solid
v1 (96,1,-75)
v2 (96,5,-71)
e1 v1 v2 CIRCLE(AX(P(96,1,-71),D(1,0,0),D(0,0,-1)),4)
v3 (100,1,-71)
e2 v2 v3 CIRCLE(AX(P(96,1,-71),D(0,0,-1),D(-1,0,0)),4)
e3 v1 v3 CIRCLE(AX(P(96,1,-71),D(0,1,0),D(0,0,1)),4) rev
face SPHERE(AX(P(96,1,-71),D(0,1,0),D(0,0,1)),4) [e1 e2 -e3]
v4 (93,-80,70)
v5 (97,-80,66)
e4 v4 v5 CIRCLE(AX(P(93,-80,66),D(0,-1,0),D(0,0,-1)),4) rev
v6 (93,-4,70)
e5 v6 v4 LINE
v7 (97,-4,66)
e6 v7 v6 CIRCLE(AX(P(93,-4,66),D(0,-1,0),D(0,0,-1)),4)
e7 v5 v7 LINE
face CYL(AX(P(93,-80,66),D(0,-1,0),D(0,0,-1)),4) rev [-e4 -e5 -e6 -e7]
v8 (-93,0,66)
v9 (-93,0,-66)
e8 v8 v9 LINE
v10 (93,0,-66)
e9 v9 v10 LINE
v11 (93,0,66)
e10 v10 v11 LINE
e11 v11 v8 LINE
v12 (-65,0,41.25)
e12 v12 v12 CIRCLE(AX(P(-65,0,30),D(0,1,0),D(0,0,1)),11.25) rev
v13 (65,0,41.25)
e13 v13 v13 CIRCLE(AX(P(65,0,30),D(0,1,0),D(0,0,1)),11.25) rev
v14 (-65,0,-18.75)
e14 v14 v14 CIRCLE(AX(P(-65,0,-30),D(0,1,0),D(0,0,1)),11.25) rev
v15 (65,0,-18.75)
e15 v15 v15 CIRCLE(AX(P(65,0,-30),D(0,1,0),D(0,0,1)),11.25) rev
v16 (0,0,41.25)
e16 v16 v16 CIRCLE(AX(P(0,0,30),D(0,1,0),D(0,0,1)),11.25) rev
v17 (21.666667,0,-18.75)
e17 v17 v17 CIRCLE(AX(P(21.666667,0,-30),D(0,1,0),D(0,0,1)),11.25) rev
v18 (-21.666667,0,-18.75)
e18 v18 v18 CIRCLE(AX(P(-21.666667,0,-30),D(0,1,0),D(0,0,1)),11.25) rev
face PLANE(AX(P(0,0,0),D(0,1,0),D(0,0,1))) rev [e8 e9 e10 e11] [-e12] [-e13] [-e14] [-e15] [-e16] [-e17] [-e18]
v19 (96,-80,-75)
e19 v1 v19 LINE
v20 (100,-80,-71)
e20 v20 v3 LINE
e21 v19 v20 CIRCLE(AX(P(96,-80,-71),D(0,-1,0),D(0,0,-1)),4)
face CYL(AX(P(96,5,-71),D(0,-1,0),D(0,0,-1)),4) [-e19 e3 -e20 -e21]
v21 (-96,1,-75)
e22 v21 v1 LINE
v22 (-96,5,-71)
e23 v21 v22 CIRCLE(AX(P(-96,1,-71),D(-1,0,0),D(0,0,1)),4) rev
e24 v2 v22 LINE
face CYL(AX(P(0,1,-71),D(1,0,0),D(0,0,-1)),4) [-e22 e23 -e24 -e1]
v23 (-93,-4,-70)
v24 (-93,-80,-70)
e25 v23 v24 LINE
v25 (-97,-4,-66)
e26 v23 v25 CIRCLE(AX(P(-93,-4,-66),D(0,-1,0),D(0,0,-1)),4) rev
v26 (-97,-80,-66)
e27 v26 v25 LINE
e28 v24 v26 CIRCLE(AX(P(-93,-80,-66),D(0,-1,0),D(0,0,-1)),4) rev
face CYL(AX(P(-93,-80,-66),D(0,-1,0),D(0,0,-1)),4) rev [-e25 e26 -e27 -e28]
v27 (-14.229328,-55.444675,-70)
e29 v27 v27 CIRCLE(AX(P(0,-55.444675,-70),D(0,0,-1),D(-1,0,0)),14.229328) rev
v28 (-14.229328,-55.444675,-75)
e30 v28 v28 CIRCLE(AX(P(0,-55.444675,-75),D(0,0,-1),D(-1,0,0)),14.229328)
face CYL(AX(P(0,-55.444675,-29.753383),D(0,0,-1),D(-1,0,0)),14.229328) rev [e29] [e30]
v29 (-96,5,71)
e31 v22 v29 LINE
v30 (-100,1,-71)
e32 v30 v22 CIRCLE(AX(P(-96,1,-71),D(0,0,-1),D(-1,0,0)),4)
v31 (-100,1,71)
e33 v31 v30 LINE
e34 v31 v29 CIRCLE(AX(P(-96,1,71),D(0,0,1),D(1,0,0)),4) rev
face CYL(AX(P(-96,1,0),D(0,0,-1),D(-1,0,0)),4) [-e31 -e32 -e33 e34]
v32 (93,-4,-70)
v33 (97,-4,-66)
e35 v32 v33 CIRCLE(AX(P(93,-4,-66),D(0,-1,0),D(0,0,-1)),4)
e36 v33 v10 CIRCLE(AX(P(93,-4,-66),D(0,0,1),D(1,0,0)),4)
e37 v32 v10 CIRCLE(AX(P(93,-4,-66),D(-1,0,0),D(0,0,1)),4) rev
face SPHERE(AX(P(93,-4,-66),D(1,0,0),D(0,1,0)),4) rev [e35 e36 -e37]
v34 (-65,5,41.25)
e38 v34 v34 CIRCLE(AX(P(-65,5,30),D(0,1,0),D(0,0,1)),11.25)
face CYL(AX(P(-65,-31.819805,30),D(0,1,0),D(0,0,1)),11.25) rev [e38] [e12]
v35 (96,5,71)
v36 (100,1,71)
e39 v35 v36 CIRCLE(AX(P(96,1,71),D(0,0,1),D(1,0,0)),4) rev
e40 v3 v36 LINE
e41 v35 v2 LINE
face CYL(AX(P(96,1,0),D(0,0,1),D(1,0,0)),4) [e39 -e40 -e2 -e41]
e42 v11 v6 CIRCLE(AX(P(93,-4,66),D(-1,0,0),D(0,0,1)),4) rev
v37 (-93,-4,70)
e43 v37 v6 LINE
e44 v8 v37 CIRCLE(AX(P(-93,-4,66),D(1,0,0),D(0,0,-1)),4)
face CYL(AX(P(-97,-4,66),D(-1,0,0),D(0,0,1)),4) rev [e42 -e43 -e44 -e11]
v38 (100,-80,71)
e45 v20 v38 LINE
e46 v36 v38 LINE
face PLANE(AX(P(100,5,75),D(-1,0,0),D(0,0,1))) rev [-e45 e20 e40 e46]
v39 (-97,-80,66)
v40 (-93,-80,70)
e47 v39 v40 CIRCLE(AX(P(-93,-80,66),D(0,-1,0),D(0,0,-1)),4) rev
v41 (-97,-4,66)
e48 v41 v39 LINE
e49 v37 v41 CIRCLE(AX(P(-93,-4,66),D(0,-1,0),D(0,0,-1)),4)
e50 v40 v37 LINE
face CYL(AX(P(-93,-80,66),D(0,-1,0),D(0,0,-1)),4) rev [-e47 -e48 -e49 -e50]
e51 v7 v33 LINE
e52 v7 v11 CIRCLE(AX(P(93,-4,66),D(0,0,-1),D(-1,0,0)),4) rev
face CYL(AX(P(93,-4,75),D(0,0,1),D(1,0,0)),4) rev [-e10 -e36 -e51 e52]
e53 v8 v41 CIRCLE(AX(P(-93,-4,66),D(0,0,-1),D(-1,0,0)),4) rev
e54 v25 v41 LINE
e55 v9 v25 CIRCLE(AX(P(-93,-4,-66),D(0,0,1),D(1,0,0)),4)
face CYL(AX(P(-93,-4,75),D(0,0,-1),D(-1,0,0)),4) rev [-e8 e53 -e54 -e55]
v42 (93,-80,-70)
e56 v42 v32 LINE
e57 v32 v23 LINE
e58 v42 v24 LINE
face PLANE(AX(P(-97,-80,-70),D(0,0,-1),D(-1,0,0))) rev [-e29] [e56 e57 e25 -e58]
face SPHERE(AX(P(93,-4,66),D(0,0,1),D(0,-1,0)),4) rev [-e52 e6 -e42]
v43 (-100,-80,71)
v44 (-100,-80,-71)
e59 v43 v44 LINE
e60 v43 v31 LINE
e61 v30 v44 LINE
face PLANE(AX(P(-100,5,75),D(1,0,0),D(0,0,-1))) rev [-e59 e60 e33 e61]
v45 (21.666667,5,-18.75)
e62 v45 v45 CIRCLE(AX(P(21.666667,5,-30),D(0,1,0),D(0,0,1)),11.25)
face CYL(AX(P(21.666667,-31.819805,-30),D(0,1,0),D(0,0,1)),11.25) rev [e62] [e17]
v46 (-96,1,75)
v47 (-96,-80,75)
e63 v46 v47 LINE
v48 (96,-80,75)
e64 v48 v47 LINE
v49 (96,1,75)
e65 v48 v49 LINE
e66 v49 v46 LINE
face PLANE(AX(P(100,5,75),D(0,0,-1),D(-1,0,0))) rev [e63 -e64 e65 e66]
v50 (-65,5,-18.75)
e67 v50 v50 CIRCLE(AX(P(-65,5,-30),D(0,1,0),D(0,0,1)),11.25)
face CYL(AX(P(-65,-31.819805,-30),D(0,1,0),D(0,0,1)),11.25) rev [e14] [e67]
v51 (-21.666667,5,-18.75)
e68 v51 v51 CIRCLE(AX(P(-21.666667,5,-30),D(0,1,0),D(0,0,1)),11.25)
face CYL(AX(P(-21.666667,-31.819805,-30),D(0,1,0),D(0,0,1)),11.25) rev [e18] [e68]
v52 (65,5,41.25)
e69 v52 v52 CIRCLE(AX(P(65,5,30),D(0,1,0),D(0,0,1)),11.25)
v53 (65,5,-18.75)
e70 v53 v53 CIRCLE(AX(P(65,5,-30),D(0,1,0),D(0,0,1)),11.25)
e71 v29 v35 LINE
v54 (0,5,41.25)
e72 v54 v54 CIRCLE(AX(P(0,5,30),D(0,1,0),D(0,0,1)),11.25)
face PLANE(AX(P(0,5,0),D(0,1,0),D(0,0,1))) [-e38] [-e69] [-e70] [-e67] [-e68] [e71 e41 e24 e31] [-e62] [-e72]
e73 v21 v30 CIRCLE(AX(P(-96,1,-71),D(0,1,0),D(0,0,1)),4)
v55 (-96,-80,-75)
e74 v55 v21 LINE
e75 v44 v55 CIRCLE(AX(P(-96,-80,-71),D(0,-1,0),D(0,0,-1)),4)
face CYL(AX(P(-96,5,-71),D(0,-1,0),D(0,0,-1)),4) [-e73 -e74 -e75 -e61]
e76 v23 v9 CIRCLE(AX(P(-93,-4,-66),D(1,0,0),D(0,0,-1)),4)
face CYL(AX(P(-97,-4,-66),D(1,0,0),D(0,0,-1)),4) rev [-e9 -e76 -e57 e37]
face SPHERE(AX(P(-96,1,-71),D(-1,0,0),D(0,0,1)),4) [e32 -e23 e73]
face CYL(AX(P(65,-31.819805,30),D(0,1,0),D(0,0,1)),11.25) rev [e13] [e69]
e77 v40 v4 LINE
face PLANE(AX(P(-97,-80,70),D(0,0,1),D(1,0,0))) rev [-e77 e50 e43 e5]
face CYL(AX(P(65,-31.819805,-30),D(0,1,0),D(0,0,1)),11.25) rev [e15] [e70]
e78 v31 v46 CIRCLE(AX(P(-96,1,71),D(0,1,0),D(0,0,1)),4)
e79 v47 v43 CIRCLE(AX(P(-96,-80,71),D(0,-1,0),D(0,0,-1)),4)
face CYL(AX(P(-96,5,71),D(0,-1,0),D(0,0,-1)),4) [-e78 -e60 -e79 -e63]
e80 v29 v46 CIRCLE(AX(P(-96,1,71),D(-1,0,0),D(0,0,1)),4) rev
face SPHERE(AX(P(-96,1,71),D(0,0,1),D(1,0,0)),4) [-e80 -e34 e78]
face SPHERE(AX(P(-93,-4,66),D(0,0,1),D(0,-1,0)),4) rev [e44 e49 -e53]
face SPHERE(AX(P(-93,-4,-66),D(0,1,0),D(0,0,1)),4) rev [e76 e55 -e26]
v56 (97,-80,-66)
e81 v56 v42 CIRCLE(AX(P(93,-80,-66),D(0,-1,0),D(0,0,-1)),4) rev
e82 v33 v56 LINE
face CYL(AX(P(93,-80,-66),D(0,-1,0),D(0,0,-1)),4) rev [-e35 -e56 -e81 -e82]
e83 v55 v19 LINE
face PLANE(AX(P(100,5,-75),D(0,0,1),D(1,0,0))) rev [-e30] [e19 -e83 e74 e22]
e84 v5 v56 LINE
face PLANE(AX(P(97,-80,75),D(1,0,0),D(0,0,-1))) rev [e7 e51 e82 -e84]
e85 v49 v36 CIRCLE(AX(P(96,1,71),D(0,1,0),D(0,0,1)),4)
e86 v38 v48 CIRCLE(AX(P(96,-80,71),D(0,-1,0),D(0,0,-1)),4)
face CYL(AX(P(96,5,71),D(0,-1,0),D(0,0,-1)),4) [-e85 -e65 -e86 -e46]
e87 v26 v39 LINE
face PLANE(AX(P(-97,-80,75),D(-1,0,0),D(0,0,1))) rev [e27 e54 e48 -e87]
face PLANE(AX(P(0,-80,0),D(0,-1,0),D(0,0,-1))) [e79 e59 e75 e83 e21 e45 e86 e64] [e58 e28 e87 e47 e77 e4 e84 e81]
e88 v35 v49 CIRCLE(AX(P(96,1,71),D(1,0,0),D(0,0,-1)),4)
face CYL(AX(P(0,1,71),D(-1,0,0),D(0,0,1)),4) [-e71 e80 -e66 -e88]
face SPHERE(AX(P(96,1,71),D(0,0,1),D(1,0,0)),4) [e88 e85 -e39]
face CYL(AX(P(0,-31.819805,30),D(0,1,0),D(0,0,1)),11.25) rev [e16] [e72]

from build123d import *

# Parameters (mm, degrees)
ESBO_O1_W                = 200
ESBO_O1_H                = 150
RESSALTO_EXTRUS_O1_DEPTH = 5
ESBO_O2_W                = 3
ESBO_O2_H                = 150
RESSALTO_EXTRUS_O2_DEPTH = 80
ESBO_O3_R                = 11.25
CORTE_EXTRUS_O1_DEPTH    = 5
ESBO_O6_W                = 194
ESBO_O6_H                = 5
RESSALTO_EXTRUS_O3_DEPTH = 80
FILETE2_R                = 4
FILETE3_R                = 4
ESBO_O12_R               = 14.229327837
CORTE_EXTRUS_O3_DEPTH    = 5


with BuildPart() as part:
    # Esboço1 → Ressalto-extrusão1 (new body)
    with BuildSketch(Plane(origin=(0, 0, 0), x_dir=(1, 0, 0), z_dir=(0, 1, 0))):
        Rectangle(ESBO_O1_W, ESBO_O1_H)
    extrude(amount=RESSALTO_EXTRUS_O1_DEPTH)

    # Esboço2 → Ressalto-extrusão2 (add)
    with BuildSketch(Plane.XZ):
        with Locations((-98.5, 0)):
            Rectangle(ESBO_O2_W, ESBO_O2_H)
        with Locations((98.5, 0)):
            Rectangle(ESBO_O2_W, ESBO_O2_H)
    extrude(amount=RESSALTO_EXTRUS_O2_DEPTH)

    # Esboço3 → Corte-extrusão1 (cut)
    with BuildSketch(Plane(origin=(0, 5, 0), x_dir=(1, 0, 0), z_dir=(0, 1, 0))):
        with Locations(Location((-65, 30, 0), (0, 0, 270))):
            Circle(ESBO_O3_R)
        with Locations(Location((-21.666666667, 30, 0), (0, 0, 270))):
            Circle(ESBO_O3_R)
        with Locations(Location((21.666666667, 30, 0), (0, 0, 270))):
            Circle(ESBO_O3_R)
        with Locations(Location((65, 30, 0), (0, 0, 270))):
            Circle(ESBO_O3_R)
        with Locations(Location((-65, -30, 0), (0, 0, 270))):
            Circle(ESBO_O3_R)
        with Locations(Location((0, -30, 0), (0, 0, 270))):
            Circle(ESBO_O3_R)
        with Locations(Location((65, -30, 0), (0, 0, 270))):
            Circle(ESBO_O3_R)
    extrude(amount=-CORTE_EXTRUS_O1_DEPTH, mode=Mode.SUBTRACT)

    # Esboço6 → Ressalto-extrusão3 (add)
    with BuildSketch(Plane.XZ):
        with Locations((0, -72.5)):
            Rectangle(ESBO_O6_W, ESBO_O6_H)
        with Locations((0, 72.5)):
            Rectangle(ESBO_O6_W, ESBO_O6_H)
    extrude(amount=RESSALTO_EXTRUS_O3_DEPTH)

    # Filete2
    filete2_edges = [part.edges().sort_by_distance(p)[0] for p in [
        (100, 5, 0),
        (0, 5, -75),
        (-100, 5, 0),
        (-100, -37.5, -75),
        (100, -37.5, -75),
        (100, -37.5, 75),
        (-100, -37.5, 75),
        (0, 5, 75),
    ]]
    fillet(filete2_edges, radius=FILETE2_R)

    # Filete3
    filete3_edges = [part.edges().sort_by_distance(p)[0] for p in [
        (-97, 0, 0),
        (97, 0, 0),
        (-97, -40, -70),
        (0, 0, -70),
        (97, -40, -70),
        (0, 0, 70),
        (-97, -40, 70),
        (97, -40, 70),
    ]]
    fillet(filete3_edges, radius=FILETE3_R)

    # Esboço12 → Corte-extrusão3 (cut)
    with BuildSketch(Plane(origin=(0, 0, -75), x_dir=(-1, 0, 0), z_dir=(0, 0, -1))):
        with Locations((0, -55.444674629)):
            Circle(ESBO_O12_R)
    extrude(amount=-CORTE_EXTRUS_O3_DEPTH, mode=Mode.SUBTRACT)


solid = part.part
